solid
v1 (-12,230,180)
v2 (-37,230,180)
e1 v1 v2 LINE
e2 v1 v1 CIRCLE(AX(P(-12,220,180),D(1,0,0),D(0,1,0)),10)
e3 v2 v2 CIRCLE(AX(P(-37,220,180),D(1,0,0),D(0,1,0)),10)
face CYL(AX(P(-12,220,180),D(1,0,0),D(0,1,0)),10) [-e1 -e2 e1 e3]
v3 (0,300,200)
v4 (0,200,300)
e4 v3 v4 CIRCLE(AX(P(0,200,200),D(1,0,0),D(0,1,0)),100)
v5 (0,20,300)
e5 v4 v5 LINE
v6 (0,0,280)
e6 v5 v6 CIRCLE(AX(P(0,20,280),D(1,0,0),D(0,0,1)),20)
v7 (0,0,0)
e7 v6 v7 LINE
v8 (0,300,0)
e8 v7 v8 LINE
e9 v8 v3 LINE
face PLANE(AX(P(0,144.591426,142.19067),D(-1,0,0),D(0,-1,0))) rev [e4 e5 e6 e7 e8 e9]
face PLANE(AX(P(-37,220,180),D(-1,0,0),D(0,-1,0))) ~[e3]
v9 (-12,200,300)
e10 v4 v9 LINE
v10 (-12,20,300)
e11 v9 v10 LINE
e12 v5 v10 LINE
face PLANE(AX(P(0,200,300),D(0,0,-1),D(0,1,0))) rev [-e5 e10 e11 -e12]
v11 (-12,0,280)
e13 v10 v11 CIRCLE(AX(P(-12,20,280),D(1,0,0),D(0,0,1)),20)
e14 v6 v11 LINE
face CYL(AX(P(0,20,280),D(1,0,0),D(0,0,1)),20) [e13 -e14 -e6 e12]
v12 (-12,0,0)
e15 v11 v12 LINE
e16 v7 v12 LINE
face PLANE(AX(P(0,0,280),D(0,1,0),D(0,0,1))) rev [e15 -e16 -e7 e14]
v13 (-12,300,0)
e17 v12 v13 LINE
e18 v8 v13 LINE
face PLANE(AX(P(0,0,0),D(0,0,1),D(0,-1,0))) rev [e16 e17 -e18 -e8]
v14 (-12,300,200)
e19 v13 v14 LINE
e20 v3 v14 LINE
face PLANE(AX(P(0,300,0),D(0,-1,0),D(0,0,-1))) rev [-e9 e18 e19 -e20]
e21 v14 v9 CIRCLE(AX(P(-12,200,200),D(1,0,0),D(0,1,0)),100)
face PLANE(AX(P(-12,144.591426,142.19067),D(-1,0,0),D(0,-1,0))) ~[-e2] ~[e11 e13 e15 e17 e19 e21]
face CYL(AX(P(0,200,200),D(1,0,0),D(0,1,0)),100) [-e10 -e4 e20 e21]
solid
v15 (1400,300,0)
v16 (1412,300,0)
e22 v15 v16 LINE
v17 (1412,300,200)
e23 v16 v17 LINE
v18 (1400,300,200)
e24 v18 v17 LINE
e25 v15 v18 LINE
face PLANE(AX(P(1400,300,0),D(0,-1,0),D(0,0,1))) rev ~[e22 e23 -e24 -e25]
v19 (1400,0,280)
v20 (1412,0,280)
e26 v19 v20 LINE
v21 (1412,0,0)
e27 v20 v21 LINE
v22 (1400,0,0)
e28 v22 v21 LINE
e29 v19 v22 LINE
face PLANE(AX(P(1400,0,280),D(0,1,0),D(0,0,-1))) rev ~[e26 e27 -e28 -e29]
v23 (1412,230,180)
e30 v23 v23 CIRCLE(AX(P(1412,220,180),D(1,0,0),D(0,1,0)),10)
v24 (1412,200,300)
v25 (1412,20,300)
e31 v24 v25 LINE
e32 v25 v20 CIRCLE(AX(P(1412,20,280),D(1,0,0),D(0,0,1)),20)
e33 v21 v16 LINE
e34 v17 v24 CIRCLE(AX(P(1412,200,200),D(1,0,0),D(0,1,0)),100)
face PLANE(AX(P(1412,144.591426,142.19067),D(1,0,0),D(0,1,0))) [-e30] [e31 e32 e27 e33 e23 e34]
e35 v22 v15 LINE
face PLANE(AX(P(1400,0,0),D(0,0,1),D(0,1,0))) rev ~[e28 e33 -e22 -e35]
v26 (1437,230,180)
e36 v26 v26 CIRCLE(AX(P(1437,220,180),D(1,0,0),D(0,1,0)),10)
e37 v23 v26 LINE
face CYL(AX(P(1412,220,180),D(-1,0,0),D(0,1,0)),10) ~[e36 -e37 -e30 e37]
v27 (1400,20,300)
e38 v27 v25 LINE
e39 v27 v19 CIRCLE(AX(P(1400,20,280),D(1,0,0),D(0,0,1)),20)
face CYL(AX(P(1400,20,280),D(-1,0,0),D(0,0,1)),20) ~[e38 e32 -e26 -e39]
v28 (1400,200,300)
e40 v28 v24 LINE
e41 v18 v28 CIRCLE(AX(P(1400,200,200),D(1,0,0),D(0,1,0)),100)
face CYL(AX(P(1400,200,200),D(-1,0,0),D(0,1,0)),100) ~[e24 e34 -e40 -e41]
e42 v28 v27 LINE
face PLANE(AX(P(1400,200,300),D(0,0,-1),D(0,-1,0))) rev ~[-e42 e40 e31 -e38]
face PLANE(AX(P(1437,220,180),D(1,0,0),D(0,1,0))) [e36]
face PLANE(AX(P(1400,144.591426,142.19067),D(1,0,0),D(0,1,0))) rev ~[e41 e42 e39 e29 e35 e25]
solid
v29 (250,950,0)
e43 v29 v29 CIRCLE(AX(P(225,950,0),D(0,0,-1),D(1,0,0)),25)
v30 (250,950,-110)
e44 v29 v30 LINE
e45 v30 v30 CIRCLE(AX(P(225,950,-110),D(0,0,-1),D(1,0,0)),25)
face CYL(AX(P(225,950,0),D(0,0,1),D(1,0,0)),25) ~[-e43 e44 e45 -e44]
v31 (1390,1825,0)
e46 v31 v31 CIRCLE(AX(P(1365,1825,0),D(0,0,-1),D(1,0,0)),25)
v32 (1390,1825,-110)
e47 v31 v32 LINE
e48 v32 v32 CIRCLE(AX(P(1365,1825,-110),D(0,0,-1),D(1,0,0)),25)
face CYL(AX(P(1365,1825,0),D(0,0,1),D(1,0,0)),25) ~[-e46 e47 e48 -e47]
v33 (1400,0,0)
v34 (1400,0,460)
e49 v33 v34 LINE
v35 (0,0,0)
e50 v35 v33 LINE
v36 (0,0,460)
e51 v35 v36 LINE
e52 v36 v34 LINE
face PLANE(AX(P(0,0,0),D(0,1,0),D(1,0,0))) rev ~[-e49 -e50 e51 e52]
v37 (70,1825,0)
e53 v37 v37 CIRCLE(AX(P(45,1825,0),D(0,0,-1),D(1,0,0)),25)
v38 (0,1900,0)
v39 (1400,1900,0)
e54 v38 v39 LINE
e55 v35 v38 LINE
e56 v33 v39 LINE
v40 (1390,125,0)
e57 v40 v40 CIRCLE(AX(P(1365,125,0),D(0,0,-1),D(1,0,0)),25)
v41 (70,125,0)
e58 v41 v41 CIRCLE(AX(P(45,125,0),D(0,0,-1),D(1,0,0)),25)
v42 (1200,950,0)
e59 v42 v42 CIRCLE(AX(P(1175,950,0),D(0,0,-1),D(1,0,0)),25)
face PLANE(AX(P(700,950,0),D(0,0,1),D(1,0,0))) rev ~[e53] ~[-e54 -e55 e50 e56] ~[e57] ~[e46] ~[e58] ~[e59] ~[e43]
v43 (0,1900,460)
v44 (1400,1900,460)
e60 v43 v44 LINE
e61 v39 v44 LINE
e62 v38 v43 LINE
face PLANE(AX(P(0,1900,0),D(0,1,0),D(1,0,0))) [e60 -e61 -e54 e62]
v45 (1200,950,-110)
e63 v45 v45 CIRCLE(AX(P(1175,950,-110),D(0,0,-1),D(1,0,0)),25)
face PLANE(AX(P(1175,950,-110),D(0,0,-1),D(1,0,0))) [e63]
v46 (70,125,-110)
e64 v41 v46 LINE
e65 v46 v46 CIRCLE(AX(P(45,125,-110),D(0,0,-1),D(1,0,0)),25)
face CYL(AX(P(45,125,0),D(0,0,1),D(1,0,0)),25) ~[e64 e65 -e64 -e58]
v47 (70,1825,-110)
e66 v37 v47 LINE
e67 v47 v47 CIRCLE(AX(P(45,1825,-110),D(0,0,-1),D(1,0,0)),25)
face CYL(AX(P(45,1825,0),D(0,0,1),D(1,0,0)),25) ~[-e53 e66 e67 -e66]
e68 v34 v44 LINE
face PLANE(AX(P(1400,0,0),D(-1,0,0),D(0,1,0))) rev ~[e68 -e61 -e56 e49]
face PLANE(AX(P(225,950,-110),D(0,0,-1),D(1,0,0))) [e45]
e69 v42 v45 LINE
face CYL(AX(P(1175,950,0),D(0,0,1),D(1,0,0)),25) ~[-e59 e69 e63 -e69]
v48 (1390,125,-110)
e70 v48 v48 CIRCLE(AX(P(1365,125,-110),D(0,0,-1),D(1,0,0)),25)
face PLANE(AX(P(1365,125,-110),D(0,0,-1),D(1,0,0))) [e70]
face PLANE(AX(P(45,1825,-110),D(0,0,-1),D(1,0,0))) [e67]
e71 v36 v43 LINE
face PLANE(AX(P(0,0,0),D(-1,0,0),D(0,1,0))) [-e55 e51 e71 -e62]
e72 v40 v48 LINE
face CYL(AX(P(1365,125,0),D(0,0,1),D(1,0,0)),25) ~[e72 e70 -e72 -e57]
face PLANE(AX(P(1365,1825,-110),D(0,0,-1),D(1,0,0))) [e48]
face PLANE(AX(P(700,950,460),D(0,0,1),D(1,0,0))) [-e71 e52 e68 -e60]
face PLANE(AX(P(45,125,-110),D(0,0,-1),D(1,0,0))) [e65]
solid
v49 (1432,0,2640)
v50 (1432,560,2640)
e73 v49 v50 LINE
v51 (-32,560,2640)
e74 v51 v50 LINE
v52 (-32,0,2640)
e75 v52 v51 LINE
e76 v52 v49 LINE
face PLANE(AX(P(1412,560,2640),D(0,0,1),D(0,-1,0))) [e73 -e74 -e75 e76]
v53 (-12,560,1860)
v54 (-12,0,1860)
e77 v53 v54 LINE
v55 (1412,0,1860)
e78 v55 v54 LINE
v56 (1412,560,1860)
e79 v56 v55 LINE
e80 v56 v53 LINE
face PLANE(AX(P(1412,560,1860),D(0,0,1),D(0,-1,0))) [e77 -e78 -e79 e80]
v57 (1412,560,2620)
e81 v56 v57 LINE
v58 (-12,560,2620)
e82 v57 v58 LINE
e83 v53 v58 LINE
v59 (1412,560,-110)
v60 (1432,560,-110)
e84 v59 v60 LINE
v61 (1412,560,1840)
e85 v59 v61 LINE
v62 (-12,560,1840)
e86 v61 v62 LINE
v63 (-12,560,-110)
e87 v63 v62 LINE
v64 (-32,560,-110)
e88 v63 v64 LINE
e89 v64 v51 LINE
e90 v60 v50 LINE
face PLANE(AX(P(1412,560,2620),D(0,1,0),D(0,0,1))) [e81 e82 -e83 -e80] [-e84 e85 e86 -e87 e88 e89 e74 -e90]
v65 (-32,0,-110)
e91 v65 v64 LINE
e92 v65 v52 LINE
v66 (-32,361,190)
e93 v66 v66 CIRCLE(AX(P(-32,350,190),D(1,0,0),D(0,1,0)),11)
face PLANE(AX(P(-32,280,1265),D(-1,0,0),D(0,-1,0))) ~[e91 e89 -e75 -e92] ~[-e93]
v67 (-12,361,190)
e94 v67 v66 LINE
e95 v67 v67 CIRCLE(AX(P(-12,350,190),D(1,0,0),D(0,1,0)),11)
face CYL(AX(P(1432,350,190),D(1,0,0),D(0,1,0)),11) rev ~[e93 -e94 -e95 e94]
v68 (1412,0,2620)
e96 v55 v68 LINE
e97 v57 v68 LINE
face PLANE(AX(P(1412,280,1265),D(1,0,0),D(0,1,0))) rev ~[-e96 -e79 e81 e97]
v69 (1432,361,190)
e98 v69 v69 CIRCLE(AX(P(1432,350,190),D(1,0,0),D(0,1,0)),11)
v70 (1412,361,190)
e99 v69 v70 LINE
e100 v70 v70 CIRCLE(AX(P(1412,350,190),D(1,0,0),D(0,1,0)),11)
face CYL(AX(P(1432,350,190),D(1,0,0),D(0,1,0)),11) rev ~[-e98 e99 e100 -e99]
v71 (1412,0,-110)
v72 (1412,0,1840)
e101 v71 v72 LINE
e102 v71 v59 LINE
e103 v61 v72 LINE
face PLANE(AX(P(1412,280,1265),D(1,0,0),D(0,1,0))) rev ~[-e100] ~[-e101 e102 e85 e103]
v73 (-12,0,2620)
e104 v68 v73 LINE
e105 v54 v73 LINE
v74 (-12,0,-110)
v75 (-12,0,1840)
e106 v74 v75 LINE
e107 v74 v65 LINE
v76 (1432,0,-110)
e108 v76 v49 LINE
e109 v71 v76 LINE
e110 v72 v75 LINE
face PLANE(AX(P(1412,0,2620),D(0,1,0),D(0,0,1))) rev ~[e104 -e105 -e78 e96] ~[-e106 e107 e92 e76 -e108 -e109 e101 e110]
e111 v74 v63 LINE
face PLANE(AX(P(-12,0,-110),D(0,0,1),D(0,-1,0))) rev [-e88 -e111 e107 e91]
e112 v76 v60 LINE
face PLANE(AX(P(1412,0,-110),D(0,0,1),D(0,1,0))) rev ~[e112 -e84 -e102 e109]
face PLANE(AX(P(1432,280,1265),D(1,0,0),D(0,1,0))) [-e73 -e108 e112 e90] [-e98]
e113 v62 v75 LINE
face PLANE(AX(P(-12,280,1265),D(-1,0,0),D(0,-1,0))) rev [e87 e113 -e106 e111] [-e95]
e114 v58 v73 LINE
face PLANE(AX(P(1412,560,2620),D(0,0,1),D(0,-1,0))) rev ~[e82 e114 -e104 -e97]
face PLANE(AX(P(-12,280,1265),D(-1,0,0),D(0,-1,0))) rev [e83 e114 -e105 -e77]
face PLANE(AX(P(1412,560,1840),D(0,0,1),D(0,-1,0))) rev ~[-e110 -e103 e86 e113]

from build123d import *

# Parameters (mm, degrees)
F0_W      = 1400
F0_H      = 1900
F1_DEPTH  = 460
F2_R      = 25
F3_DEPTH  = 110
F5_DEPTH  = 12
F6_R      = 10
F7_DEPTH  = 25
F10_W     = 560
F10_H     = 2750
F11_DEPTH = 20
F12_W     = 560
F12_H     = 20
F13_DEPTH = 1440
F15_R     = 11
F16_DEPTH = 1469.001


with BuildPart() as f1:
    # F0 (on Top) → F1 (new body)
    with BuildSketch(Plane.XY):
        with Locations((700, 950)):
            Rectangle(F0_W, F0_H)
    extrude(amount=F1_DEPTH)

    # F2 (on face) → F3 (join)
    with BuildSketch(Plane(origin=(0, 0, 0), x_dir=(1, 0, 0), z_dir=(0, 0, -1))):
        with Locations((45, -125)):
            Circle(F2_R)
        with Locations((45, -1825)):
            Circle(F2_R)
        with Locations((1365, -125)):
            Circle(F2_R)
        with Locations((1365, -1825)):
            Circle(F2_R)
        with Locations((225, -950)):
            Circle(F2_R)
        with Locations((1175, -950)):
            Circle(F2_R)
    extrude(amount=F3_DEPTH)


with BuildPart() as f5:
    # F4 (on face) → F5 (new body)
    with BuildSketch(Plane.YZ.offset(1400)):
        with BuildLine():
            Line((200, 300), (20, 300))
            ThreePointArc((20, 300), (5.8578643763, 294.1421356237), (0, 280))
            Line((0, 280), (0, 0))
            Line((0, 0), (300, 0))
            Line((300, 0), (300, 200))
            ThreePointArc((300, 200), (270.7106781187, 270.7106781187), (200, 300))
        make_face()
    extrude(amount=F5_DEPTH)

    # F6 (on face) → F7 (join)
    with BuildSketch(Plane.YZ.offset(1412)):
        with Locations((220, 180)):
            Circle(F6_R)
    extrude(amount=F7_DEPTH)


with BuildPart() as f9_1:
    # F9: instance of F5
    add(f5.part.mirror(Plane.YZ.offset(700)))


with BuildPart() as f11:
    # F10 (on face) → F11 (new body)
    with BuildSketch(Plane.YZ.offset(1412)):
        with Locations((280, 1265)):
            Rectangle(F10_W, F10_H)
    extrude(amount=F11_DEPTH)

    # F12 (on face) → F13 (join)
    with BuildSketch(Plane(origin=(1412, 0, 0), x_dir=(0, -1, 0), z_dir=(-1, 0, 0))):
        with Locations((-280, 2630)):
            Rectangle(F12_W, F12_H)
        with Locations((-280, 1850)):
            Rectangle(F12_W, F12_H)
    extrude(amount=F13_DEPTH)

    # F14: F11 across plane


with BuildPart() as f11_1:
    add(f11.part)
    add(f11.part.mirror(Plane.YZ.offset(700)))

    # F15 (on face) → F16 (cut, through all)
    with BuildSketch(Plane.YZ.offset(1432)):
        with Locations((350, 190)):
            Circle(F15_R)
    extrude(amount=-F16_DEPTH, mode=Mode.SUBTRACT)


solid = Compound([f1.part, f5.part, f9_1.part, f11_1.part])
